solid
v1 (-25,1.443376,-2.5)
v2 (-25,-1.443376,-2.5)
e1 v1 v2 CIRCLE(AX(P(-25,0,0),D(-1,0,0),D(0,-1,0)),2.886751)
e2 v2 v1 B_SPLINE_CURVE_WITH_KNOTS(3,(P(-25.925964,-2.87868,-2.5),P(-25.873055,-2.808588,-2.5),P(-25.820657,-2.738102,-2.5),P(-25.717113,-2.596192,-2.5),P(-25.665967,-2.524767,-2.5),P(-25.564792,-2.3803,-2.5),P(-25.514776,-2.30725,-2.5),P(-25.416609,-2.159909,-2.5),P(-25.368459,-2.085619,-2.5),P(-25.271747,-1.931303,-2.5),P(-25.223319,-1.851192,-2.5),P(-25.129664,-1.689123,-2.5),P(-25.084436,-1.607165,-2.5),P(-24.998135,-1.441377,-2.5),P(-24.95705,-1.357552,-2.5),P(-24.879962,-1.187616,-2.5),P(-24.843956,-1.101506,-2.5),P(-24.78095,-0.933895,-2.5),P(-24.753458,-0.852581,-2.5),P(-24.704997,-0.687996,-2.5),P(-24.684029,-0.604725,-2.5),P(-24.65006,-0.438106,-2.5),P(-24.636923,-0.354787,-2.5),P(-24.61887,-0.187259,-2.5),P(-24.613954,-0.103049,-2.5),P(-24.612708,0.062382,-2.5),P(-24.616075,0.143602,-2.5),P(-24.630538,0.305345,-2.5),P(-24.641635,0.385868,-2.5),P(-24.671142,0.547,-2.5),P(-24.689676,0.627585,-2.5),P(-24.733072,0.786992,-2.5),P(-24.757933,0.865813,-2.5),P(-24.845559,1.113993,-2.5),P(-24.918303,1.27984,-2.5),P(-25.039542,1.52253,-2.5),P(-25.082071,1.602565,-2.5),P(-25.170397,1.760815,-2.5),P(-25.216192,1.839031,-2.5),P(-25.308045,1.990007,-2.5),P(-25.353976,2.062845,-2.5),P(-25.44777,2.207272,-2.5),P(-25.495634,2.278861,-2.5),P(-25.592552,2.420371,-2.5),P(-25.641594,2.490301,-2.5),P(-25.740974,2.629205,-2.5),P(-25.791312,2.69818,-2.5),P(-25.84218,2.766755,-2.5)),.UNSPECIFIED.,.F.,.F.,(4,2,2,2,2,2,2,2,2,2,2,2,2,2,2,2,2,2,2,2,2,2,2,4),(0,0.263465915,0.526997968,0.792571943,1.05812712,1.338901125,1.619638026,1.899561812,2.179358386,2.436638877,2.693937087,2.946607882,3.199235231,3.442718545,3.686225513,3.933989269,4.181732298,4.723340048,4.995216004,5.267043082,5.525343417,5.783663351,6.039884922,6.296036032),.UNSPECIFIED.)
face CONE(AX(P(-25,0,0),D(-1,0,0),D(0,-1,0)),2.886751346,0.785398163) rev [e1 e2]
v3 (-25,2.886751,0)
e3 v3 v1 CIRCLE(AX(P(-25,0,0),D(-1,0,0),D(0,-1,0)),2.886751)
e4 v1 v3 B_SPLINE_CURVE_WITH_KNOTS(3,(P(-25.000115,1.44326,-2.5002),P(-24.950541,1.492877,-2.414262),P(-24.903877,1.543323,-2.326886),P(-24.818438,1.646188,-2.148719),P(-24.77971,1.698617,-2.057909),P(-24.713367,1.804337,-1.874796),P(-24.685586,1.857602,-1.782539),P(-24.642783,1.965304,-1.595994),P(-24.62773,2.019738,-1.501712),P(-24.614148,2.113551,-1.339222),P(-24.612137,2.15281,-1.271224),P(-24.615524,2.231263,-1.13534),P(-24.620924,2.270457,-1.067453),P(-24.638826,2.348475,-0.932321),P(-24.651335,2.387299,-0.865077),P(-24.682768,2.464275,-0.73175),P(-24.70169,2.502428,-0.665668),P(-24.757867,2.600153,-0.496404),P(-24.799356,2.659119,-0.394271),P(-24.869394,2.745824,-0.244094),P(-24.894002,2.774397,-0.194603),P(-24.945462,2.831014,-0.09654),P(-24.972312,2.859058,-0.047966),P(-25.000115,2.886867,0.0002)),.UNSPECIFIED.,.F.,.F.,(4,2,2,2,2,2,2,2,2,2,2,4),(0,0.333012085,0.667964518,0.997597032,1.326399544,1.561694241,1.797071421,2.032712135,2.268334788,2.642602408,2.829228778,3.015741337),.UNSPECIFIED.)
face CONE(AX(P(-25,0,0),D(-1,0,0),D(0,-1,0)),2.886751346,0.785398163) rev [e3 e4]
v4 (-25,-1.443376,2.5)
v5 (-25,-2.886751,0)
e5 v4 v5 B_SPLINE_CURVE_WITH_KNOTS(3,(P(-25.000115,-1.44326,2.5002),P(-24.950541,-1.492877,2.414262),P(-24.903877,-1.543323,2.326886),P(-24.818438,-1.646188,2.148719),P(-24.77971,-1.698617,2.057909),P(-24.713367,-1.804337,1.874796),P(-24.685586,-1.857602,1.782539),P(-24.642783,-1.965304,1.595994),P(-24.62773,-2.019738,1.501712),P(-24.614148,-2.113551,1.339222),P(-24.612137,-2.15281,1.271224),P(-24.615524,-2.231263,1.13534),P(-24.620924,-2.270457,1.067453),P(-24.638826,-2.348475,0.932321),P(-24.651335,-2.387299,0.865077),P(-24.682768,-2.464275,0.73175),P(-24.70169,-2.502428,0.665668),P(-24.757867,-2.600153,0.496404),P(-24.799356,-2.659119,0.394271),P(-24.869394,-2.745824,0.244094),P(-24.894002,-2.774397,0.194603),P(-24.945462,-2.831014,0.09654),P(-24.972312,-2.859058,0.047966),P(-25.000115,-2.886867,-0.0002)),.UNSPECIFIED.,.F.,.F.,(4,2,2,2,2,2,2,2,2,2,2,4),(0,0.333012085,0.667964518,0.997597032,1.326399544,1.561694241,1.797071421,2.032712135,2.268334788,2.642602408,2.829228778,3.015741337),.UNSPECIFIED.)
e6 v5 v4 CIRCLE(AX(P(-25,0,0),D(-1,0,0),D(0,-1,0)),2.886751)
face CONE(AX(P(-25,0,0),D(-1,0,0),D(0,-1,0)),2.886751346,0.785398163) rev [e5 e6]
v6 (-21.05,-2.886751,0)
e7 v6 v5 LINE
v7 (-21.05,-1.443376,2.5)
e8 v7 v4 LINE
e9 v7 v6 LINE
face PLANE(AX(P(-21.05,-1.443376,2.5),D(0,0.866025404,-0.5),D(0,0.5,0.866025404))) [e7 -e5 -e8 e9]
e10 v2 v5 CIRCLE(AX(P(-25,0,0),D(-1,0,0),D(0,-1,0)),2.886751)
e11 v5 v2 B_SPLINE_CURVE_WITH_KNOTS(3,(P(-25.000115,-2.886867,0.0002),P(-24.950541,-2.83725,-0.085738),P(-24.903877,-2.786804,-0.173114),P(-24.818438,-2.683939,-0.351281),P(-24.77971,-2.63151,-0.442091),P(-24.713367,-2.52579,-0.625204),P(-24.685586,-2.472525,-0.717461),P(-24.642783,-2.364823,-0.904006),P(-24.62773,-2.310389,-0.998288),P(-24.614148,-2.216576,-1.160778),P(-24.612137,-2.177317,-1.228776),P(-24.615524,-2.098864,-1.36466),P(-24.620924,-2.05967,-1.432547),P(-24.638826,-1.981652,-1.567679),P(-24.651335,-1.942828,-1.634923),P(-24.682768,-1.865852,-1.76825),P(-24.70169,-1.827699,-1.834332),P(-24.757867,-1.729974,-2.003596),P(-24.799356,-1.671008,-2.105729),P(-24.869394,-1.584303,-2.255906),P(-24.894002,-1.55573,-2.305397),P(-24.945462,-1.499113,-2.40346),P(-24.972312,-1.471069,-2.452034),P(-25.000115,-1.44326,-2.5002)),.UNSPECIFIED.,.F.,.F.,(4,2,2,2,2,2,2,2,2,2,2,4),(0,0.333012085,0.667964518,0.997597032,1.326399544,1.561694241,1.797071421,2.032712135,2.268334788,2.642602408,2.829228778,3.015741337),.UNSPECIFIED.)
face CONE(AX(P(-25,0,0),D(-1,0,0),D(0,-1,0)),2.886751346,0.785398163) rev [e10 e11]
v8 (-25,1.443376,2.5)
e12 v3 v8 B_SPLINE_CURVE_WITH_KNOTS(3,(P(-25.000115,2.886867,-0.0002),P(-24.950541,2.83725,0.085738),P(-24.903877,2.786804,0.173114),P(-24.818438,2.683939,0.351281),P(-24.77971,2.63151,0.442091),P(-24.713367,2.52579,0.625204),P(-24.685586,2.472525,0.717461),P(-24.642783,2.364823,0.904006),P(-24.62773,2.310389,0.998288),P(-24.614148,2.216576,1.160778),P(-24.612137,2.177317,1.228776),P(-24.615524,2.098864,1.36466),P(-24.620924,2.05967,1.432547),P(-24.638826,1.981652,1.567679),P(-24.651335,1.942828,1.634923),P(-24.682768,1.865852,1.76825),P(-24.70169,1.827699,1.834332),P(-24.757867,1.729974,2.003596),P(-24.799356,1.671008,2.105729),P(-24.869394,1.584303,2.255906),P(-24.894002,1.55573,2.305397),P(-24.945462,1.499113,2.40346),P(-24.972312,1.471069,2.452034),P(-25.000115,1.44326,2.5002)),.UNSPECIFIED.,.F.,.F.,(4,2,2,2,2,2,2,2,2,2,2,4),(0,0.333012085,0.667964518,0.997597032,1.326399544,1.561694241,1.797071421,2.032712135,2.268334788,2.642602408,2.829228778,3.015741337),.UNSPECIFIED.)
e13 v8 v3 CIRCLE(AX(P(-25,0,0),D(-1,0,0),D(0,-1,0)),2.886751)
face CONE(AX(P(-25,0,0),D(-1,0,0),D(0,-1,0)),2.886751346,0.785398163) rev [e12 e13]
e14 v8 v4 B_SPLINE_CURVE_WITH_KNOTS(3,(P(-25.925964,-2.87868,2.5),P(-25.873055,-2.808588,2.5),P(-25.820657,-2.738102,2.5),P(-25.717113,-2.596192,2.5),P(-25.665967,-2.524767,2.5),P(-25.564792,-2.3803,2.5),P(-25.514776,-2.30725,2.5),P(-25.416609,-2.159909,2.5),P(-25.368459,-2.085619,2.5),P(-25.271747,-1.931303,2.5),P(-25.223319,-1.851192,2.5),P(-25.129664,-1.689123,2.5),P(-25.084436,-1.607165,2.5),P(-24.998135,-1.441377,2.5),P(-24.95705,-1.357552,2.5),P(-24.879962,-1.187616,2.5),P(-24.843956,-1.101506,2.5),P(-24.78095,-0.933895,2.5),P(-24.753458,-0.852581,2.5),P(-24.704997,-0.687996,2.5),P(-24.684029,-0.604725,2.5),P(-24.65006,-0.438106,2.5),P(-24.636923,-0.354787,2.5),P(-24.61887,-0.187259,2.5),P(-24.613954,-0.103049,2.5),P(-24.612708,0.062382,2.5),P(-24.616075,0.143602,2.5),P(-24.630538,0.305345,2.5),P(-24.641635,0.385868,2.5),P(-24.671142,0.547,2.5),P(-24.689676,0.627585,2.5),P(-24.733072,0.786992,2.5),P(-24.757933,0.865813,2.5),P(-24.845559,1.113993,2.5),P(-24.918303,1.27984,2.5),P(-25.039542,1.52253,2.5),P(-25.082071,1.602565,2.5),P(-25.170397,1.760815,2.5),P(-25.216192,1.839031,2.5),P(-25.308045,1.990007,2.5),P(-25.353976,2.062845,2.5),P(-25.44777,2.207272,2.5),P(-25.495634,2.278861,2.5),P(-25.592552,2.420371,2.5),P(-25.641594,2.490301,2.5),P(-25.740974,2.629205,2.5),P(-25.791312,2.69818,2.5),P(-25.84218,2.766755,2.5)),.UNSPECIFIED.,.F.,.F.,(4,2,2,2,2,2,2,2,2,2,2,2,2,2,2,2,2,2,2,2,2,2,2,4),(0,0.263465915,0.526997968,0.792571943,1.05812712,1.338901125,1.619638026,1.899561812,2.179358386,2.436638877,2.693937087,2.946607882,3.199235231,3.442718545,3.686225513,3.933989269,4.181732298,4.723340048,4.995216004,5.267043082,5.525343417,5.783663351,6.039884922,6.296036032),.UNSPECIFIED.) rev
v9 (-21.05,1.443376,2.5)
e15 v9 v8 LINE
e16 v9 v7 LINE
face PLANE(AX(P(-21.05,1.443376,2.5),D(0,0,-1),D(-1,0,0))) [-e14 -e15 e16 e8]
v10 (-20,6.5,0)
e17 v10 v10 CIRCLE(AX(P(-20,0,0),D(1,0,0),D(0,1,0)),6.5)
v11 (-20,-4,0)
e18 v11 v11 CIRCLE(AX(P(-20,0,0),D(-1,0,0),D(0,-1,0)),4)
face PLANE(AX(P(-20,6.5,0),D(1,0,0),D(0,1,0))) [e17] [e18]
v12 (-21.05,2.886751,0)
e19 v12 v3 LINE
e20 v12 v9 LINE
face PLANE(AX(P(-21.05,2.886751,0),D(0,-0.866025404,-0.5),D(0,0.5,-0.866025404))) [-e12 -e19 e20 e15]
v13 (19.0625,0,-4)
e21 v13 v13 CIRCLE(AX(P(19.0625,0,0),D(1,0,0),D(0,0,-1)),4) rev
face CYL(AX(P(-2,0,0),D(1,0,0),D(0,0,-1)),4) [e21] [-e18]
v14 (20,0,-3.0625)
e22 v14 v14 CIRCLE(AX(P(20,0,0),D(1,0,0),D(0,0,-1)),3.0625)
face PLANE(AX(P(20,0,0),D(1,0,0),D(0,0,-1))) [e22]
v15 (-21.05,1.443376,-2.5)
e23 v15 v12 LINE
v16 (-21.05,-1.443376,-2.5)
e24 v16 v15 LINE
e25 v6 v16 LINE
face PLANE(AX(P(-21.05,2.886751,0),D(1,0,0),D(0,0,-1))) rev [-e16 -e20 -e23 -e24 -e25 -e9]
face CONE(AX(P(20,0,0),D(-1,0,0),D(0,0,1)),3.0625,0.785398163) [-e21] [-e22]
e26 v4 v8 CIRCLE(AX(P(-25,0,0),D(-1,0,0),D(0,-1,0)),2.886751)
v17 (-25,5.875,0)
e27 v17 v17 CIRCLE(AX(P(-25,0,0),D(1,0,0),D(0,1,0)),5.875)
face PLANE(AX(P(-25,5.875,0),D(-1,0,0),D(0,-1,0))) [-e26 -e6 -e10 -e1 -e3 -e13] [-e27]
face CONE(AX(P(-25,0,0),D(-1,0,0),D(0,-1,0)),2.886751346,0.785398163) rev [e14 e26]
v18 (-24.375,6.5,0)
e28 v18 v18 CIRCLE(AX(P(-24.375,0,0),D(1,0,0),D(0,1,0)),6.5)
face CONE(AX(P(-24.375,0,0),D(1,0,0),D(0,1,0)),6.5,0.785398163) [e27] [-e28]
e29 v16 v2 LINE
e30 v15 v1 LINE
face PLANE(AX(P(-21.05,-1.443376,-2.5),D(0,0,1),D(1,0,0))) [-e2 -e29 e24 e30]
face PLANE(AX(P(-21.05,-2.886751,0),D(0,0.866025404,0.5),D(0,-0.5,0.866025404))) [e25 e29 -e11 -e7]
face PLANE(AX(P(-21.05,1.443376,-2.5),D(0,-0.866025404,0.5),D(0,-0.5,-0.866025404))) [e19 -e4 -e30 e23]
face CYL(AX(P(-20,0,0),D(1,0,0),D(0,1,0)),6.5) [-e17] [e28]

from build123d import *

# Parameters (mm, degrees)
SKETCH2_R           = 4
BOSS_EXTRUDE1_DEPTH = 22
CHAMFER1_SIZE       = 0.9375
CUT_EXTRUDE1_DEPTH  = 3.95


with BuildPart() as part:
    # Sketch2 → Boss-Extrude1 (new body)
    with BuildSketch(Plane(origin=(20, 0, 0), x_dir=(0, 0, -1), z_dir=(1, 0, 0))):
        Circle(SKETCH2_R)
    extrude(amount=-BOSS_EXTRUDE1_DEPTH)

    # Chamfer1
    chamfer1_edges = [part.edges().sort_by_distance(p)[0] for p in [
        (20, 0, 4),
    ]]
    chamfer(chamfer1_edges, length=CHAMFER1_SIZE)

    # Sketch10 → Revolve2 (revolve)
    with BuildSketch(Plane.XY, mode=Mode.PRIVATE) as revolve2_sk:
        Polygon((0.309401077, 0), (-2, 4), (-20, 4), (-20, 0), align=None)
    revolve(revolve2_sk.sketch.rotate(Axis((-20, 0, 0), (1, 0, 0)), 270), axis=Axis((-20, 0, 0), (1, 0, 0)))

    # Sketch6 → Revolve1 (revolve)
    with BuildSketch(Plane.XY):
        Polygon((-24.375, 6.5), (-25, 5.875), (-25, 0), (-20, 0), (-20, 6.5), align=None)
    revolve(axis=Axis((-20, 0, 0), (-1, 0, 0)))

    # Sketch4 → Cut-Extrude1 (cut)
    with BuildSketch(Plane(origin=(-25, 0, 0), x_dir=(0, 0, -1), z_dir=(1, 0, 0))):
        Polygon((0, 2.886751346), (-2.5, 1.443375673), (-2.5, -1.443375673), (0, -2.886751346), (2.5, -1.443375673), (2.5, 1.443375673), align=None)
    extrude(amount=CUT_EXTRUDE1_DEPTH, mode=Mode.SUBTRACT)

    # Cut-Extrude2 cone 1 section (through the dimple's axis) → Cut-Extrude2 (revolve, cut)
    with BuildSketch(Plane(origin=(-25, 0, 0), x_dir=(0, 0, 1), z_dir=(0, 1, 0))):
        Polygon((0, 0), (2.886751346, 0), (0, 2.886751346), align=None)
    revolve(axis=Axis((-25, 0, 0), (1, 0, 0)), mode=Mode.SUBTRACT)


solid = part.part
